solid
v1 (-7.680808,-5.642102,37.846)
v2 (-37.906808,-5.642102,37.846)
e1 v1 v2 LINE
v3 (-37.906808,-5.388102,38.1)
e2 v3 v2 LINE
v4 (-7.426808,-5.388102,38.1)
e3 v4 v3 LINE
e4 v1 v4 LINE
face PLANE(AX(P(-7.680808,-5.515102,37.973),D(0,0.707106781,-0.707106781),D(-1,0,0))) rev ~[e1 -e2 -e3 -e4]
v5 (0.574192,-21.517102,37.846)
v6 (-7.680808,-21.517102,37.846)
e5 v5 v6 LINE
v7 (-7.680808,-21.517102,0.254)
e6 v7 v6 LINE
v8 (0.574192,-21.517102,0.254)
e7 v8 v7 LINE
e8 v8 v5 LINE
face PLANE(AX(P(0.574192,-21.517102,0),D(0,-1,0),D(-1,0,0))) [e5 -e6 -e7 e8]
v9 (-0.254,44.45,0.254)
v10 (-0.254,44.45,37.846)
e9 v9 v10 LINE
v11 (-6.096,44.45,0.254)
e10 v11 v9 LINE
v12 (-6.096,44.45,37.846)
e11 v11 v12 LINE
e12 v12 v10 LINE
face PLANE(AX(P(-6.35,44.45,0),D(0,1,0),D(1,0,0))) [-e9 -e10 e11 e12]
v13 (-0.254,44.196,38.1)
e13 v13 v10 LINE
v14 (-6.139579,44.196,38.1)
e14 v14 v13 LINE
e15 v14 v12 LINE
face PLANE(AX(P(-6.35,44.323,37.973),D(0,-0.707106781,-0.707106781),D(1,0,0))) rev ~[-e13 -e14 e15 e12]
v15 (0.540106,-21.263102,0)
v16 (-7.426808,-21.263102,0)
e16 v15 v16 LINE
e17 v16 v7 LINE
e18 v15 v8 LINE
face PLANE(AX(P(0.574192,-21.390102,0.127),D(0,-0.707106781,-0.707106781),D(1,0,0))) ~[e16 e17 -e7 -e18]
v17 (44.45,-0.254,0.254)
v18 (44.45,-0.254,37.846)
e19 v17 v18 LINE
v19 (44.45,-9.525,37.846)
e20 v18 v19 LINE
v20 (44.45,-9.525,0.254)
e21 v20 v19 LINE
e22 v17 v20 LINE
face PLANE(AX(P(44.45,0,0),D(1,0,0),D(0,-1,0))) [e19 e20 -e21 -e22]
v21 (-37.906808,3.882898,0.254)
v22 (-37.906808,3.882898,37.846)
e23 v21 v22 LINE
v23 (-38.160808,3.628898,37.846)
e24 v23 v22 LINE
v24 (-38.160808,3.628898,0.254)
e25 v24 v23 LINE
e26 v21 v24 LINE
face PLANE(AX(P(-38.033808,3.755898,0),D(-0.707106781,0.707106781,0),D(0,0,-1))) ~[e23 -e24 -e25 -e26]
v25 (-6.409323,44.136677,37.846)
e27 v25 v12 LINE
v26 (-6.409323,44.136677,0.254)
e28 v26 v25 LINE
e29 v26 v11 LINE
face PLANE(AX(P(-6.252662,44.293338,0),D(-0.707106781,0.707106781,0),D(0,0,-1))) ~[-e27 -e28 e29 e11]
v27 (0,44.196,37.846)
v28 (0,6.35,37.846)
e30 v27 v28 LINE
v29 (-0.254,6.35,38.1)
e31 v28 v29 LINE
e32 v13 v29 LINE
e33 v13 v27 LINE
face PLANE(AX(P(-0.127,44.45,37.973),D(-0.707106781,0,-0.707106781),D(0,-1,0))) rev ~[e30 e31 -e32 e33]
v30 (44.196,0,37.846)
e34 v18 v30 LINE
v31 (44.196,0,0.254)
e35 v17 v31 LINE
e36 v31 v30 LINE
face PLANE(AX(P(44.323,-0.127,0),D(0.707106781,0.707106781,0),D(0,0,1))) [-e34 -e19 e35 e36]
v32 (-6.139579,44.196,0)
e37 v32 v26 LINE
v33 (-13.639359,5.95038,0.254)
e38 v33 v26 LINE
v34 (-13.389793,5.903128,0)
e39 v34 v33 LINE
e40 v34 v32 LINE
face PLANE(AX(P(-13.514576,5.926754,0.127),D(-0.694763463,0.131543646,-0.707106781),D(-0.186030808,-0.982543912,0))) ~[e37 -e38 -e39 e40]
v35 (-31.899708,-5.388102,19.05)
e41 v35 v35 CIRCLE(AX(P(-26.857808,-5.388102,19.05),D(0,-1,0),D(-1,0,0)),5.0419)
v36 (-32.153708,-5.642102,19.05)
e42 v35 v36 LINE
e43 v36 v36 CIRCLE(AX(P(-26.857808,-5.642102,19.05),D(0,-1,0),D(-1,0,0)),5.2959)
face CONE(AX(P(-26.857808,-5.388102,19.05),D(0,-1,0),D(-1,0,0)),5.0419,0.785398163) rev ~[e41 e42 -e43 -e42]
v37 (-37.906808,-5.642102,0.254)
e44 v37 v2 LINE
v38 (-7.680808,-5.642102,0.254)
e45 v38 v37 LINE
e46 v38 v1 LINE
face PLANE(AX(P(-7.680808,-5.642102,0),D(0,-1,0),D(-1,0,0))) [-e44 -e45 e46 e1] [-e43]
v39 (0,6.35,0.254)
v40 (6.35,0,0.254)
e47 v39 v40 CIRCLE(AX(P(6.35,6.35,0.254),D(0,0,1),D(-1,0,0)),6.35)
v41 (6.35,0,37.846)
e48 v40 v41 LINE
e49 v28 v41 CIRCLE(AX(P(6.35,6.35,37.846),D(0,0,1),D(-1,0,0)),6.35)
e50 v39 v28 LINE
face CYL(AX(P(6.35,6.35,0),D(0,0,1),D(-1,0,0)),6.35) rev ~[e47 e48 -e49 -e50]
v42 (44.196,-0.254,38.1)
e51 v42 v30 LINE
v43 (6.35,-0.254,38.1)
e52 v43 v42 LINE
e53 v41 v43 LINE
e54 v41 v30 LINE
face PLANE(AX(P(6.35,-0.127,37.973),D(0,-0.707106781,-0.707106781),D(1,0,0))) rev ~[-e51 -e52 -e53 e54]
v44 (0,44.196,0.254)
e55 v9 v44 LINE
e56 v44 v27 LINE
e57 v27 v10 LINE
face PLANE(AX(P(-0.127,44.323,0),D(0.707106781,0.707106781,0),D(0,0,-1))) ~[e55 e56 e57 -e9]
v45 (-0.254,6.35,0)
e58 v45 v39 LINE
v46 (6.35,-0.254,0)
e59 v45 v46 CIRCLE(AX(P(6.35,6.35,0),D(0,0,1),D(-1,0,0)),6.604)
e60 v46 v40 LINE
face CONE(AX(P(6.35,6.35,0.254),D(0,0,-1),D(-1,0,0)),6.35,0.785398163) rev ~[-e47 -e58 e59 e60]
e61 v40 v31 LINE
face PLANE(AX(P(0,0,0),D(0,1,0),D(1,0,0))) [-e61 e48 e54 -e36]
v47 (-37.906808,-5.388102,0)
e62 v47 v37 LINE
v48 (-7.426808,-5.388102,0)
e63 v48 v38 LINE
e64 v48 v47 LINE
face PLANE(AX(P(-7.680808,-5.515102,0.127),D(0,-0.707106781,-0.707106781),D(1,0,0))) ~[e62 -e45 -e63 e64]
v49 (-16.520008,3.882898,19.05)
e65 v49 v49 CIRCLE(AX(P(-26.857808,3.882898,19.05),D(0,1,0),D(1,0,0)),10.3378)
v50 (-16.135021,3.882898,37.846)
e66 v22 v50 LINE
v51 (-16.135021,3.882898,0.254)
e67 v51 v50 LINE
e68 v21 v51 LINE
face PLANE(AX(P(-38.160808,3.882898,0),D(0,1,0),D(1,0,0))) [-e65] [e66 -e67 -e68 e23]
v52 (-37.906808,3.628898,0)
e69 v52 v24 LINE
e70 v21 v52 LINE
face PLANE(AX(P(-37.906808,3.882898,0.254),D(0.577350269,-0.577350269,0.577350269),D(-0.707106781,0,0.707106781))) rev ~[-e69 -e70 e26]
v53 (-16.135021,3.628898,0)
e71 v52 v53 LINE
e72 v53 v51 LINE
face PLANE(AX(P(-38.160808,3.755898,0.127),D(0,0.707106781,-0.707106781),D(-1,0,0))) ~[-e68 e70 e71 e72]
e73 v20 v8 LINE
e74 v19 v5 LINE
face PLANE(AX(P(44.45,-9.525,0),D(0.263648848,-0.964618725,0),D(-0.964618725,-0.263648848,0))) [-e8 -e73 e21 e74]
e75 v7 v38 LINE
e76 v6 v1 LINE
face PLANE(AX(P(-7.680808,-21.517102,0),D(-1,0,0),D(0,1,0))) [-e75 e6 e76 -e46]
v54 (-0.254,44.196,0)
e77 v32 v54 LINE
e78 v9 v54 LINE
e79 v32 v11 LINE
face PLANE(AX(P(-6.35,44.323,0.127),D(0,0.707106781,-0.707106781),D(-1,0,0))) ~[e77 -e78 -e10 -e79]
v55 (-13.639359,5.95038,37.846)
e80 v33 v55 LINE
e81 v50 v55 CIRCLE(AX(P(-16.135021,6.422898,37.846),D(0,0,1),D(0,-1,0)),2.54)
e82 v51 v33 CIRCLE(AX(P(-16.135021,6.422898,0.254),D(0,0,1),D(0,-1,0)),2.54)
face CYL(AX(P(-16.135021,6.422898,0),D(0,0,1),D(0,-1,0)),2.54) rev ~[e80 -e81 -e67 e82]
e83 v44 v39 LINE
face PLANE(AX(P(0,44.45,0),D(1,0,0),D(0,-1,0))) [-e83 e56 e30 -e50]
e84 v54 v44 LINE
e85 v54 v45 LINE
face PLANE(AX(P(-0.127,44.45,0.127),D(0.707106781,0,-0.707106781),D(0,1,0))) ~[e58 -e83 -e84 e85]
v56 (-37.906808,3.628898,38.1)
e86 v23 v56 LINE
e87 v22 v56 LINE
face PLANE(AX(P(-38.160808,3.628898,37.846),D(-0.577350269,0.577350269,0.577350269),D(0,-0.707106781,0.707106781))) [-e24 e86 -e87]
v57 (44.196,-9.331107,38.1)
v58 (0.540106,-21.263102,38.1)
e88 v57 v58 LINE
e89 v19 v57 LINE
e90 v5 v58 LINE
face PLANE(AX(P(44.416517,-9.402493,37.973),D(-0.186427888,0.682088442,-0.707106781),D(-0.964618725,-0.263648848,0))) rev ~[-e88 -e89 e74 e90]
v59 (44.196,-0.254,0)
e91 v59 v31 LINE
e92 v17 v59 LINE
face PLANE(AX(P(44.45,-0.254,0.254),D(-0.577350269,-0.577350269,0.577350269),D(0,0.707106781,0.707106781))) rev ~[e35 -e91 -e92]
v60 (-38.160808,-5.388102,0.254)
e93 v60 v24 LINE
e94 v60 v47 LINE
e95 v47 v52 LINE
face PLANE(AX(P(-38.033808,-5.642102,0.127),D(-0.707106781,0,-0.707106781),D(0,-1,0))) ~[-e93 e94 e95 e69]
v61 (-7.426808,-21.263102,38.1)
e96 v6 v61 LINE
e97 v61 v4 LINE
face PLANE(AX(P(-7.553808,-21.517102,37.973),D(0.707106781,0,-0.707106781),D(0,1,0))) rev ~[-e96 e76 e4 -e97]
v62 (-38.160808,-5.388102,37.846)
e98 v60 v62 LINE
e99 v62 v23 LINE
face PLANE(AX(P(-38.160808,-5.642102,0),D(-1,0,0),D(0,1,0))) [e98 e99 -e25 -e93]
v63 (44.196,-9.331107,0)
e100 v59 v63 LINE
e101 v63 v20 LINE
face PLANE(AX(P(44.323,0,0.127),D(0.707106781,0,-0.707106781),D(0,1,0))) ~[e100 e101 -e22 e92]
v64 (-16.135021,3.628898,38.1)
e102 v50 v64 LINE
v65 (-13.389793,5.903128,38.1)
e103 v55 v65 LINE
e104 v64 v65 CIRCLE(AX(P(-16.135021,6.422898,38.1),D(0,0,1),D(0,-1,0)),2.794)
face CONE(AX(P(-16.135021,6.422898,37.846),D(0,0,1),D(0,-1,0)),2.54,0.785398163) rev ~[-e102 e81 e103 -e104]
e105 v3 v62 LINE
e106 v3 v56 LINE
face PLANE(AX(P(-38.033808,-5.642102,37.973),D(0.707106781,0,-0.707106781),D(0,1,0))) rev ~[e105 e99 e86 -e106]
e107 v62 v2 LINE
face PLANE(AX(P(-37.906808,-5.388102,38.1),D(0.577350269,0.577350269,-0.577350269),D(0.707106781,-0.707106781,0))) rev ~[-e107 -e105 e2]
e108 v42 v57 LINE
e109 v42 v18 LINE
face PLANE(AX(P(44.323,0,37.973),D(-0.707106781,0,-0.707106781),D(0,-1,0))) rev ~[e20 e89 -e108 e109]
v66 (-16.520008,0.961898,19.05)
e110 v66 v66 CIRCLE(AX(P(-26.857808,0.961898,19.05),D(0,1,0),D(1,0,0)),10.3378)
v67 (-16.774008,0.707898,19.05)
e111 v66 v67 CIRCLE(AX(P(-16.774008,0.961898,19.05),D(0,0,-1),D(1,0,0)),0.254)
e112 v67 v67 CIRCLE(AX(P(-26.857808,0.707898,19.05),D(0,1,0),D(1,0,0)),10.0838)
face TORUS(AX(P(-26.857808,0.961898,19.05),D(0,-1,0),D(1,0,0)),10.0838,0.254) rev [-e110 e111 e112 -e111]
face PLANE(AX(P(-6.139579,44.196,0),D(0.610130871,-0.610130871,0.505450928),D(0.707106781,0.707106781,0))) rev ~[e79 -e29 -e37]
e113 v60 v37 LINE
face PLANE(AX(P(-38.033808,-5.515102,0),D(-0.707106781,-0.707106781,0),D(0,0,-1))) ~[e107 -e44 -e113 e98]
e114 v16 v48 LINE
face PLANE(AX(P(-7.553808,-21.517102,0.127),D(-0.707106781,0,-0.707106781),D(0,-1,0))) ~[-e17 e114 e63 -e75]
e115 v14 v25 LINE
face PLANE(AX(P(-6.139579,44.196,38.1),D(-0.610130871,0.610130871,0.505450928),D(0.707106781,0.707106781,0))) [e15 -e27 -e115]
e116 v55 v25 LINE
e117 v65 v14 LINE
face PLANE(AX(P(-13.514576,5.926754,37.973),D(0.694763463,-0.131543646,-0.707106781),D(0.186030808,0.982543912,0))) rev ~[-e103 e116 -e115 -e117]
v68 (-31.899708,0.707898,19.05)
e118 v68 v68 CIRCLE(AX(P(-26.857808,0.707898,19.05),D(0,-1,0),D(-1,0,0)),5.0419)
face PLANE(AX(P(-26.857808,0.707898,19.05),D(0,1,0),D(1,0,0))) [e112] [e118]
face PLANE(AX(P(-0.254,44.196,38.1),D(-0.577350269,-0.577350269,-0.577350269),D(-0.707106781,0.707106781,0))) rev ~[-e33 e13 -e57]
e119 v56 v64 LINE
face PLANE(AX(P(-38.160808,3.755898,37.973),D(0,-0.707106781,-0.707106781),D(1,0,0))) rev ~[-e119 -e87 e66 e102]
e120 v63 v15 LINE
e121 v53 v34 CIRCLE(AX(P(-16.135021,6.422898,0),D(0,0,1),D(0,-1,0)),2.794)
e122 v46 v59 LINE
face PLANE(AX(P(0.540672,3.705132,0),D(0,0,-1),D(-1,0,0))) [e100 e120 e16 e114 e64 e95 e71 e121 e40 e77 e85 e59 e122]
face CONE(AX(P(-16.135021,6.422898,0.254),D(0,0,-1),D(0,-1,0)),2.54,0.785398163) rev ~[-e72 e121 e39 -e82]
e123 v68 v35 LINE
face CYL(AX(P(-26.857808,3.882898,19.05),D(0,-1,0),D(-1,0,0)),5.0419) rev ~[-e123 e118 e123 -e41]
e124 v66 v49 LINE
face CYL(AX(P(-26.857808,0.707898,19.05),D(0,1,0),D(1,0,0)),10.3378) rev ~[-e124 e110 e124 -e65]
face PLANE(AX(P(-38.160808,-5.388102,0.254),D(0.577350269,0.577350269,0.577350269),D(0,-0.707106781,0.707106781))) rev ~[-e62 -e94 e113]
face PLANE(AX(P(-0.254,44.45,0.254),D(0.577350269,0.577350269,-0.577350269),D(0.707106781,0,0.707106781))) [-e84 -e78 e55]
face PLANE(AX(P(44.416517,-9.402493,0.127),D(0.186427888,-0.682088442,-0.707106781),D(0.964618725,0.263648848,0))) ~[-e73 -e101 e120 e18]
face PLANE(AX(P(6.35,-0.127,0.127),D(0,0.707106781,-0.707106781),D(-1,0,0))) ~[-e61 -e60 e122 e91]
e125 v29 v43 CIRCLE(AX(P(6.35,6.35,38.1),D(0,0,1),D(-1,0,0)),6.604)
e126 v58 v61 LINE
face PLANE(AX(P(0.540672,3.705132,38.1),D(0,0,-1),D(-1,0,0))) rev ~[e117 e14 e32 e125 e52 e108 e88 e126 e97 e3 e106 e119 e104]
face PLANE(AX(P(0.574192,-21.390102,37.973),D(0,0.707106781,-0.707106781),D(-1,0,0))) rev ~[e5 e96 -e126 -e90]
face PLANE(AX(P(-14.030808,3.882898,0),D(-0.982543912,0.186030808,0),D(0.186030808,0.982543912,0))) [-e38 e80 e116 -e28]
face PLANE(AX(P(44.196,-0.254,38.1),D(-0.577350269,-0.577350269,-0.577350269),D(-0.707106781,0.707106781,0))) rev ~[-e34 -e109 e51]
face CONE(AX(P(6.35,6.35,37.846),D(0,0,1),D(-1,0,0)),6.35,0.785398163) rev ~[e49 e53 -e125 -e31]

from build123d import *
from OCP.BRepFilletAPI import BRepFilletAPI_MakeChamfer

# Parameters (mm, degrees)
BOSS_EXTRUDE1_DEPTH                                  = 38.1
CBORE_FOR_3_8_BINDING_HEAD_MACHINE_SCREW_D           = 10.0838
CBORE_FOR_3_8_BINDING_HEAD_MACHINE_SCREW_CBORE_D     = 20.6756
CBORE_FOR_3_8_BINDING_HEAD_MACHINE_SCREW_CBORE_DEPTH = 3.175
FILLET1_R                                            = 2.54
FILLET2_R                                            = 6.35
CHAMFER1_SIZE                                        = 0.254
CHAMFER1_SIZE2                                       = 0.31888992
FILLET3_R                                            = 0.254
CHAMFER2_SIZE                                        = 0.254


with BuildPart() as part:
    # Sketch1 → Boss-Extrude1 (new body)
    with BuildSketch(Plane.XY):
        Polygon((0, 0), (44.45, 0), (44.45, -9.525), (0.5741924, -21.517102), (-7.6808076, -21.517102), (-7.6808076, -5.642102), (-38.1608076, -5.642102), (-38.1608076, 3.882898), (-14.0308076, 3.882898), (-6.35, 44.45), (0, 44.45), align=None)
    extrude(amount=BOSS_EXTRUDE1_DEPTH)

    # CBORE for 3/8 Binding Head Machine Screw1 (through all)
    with Locations(Plane(origin=(0, 3.882898, 0), x_dir=(1, 0, 0), z_dir=(0, 1, 0))):
        with Locations((-26.8578076, -19.05)):
            CounterBoreHole(CBORE_FOR_3_8_BINDING_HEAD_MACHINE_SCREW_D / 2, CBORE_FOR_3_8_BINDING_HEAD_MACHINE_SCREW_CBORE_D / 2, CBORE_FOR_3_8_BINDING_HEAD_MACHINE_SCREW_CBORE_DEPTH)

    # Fillet1
    fillet1_edges = [part.edges().sort_by_distance(p)[0] for p in [
        (-14.0308076, 3.882898, 19.05),
    ]]
    fillet(fillet1_edges, radius=FILLET1_R)

    # Fillet2
    fillet2_edges = [part.edges().sort_by_distance(p)[0] for p in [
        (0, 0, 19.05),
    ]]
    fillet(fillet2_edges, radius=FILLET2_R)

    # Chamfer1: one chamfer whose edges measure the first distance from different faces: ONE call of the kernel's chamfer builder (chamfer() names one face for all edges)
    chamfer1_edges_1 = [part.edges().sort_by_distance(p)[0] for p in [
        (25.4, 0, 0),
        (44.45, -4.7625, 0),
        (22.5120962, -15.521051, 0),
        (-3.5533076, -21.517102, 0),
        (-7.6808076, -13.579602, 0),
        (-9.994679571, 25.200189874, 38.1),
        (-22.9208076, -5.642102, 0),
        (-38.1608076, -0.879602, 0),
        (-9.994679571, 25.200189874, 0),
        (-3.175, 44.45, 0),
        (44.45, 0, 19.05),
        (-38.1608076, -5.642102, 19.05),
        (-38.1608076, 3.882898, 19.05),
        (0, 44.45, 19.05),
        (-38.1608076, -0.879602, 38.1),
        (-22.9208076, -5.642102, 38.1),
        (-7.6808076, -13.579602, 38.1),
        (-3.5533076, -21.517102, 38.1),
        (22.5120962, -15.521051, 38.1),
        (44.45, -4.7625, 38.1),
        (-27.147914139, 3.882898, 0),
        (-27.147914139, 3.882898, 38.1),
        (-14.514618931, 4.466907668, 0),
        (-14.514618931, 4.466907668, 38.1),
        (25.4, 0, 38.1),
        (0, 25.4, 0),
        (0, 25.4, 38.1),
        (1.859871939, 1.859871939, 0),
        (1.859871939, 1.859871939, 38.1),
        (-3.175, 44.45, 38.1),
    ]]
    chamfer1_edges_2 = [part.edges().sort_by_distance(p)[0] for p in [
        (-6.35, 44.45, 19.05),
    ]]
    chamfer1_side_2 = [part.faces().sort_by_distance(p)[0] for p in [
        (-3.175, 44.45, 19.05),
    ]]
    chamfer1 = BRepFilletAPI_MakeChamfer(part.part.solid().wrapped)
    for e in chamfer1_edges_1:
        chamfer1.Add(CHAMFER1_SIZE, e.wrapped)
    for e in chamfer1_edges_2:
        chamfer1.Add(CHAMFER1_SIZE, CHAMFER1_SIZE2, e.wrapped, chamfer1_side_2[0].wrapped)  # the first distance lies on this face
    add(Compound.cast(chamfer1.Shape()), mode=Mode.REPLACE)

    # Fillet3
    fillet3_edges = [part.edges().sort_by_distance(p)[0] for p in [
        (-37.1956076, 0.707898, 19.05),
    ]]
    fillet(fillet3_edges, radius=FILLET3_R)

    # Chamfer2
    chamfer2_edges = [part.edges().sort_by_distance(p)[0] for p in [
        (-21.8159076, -5.642102, 19.05),
    ]]
    chamfer(chamfer2_edges, length=CHAMFER2_SIZE)


solid = part.part
